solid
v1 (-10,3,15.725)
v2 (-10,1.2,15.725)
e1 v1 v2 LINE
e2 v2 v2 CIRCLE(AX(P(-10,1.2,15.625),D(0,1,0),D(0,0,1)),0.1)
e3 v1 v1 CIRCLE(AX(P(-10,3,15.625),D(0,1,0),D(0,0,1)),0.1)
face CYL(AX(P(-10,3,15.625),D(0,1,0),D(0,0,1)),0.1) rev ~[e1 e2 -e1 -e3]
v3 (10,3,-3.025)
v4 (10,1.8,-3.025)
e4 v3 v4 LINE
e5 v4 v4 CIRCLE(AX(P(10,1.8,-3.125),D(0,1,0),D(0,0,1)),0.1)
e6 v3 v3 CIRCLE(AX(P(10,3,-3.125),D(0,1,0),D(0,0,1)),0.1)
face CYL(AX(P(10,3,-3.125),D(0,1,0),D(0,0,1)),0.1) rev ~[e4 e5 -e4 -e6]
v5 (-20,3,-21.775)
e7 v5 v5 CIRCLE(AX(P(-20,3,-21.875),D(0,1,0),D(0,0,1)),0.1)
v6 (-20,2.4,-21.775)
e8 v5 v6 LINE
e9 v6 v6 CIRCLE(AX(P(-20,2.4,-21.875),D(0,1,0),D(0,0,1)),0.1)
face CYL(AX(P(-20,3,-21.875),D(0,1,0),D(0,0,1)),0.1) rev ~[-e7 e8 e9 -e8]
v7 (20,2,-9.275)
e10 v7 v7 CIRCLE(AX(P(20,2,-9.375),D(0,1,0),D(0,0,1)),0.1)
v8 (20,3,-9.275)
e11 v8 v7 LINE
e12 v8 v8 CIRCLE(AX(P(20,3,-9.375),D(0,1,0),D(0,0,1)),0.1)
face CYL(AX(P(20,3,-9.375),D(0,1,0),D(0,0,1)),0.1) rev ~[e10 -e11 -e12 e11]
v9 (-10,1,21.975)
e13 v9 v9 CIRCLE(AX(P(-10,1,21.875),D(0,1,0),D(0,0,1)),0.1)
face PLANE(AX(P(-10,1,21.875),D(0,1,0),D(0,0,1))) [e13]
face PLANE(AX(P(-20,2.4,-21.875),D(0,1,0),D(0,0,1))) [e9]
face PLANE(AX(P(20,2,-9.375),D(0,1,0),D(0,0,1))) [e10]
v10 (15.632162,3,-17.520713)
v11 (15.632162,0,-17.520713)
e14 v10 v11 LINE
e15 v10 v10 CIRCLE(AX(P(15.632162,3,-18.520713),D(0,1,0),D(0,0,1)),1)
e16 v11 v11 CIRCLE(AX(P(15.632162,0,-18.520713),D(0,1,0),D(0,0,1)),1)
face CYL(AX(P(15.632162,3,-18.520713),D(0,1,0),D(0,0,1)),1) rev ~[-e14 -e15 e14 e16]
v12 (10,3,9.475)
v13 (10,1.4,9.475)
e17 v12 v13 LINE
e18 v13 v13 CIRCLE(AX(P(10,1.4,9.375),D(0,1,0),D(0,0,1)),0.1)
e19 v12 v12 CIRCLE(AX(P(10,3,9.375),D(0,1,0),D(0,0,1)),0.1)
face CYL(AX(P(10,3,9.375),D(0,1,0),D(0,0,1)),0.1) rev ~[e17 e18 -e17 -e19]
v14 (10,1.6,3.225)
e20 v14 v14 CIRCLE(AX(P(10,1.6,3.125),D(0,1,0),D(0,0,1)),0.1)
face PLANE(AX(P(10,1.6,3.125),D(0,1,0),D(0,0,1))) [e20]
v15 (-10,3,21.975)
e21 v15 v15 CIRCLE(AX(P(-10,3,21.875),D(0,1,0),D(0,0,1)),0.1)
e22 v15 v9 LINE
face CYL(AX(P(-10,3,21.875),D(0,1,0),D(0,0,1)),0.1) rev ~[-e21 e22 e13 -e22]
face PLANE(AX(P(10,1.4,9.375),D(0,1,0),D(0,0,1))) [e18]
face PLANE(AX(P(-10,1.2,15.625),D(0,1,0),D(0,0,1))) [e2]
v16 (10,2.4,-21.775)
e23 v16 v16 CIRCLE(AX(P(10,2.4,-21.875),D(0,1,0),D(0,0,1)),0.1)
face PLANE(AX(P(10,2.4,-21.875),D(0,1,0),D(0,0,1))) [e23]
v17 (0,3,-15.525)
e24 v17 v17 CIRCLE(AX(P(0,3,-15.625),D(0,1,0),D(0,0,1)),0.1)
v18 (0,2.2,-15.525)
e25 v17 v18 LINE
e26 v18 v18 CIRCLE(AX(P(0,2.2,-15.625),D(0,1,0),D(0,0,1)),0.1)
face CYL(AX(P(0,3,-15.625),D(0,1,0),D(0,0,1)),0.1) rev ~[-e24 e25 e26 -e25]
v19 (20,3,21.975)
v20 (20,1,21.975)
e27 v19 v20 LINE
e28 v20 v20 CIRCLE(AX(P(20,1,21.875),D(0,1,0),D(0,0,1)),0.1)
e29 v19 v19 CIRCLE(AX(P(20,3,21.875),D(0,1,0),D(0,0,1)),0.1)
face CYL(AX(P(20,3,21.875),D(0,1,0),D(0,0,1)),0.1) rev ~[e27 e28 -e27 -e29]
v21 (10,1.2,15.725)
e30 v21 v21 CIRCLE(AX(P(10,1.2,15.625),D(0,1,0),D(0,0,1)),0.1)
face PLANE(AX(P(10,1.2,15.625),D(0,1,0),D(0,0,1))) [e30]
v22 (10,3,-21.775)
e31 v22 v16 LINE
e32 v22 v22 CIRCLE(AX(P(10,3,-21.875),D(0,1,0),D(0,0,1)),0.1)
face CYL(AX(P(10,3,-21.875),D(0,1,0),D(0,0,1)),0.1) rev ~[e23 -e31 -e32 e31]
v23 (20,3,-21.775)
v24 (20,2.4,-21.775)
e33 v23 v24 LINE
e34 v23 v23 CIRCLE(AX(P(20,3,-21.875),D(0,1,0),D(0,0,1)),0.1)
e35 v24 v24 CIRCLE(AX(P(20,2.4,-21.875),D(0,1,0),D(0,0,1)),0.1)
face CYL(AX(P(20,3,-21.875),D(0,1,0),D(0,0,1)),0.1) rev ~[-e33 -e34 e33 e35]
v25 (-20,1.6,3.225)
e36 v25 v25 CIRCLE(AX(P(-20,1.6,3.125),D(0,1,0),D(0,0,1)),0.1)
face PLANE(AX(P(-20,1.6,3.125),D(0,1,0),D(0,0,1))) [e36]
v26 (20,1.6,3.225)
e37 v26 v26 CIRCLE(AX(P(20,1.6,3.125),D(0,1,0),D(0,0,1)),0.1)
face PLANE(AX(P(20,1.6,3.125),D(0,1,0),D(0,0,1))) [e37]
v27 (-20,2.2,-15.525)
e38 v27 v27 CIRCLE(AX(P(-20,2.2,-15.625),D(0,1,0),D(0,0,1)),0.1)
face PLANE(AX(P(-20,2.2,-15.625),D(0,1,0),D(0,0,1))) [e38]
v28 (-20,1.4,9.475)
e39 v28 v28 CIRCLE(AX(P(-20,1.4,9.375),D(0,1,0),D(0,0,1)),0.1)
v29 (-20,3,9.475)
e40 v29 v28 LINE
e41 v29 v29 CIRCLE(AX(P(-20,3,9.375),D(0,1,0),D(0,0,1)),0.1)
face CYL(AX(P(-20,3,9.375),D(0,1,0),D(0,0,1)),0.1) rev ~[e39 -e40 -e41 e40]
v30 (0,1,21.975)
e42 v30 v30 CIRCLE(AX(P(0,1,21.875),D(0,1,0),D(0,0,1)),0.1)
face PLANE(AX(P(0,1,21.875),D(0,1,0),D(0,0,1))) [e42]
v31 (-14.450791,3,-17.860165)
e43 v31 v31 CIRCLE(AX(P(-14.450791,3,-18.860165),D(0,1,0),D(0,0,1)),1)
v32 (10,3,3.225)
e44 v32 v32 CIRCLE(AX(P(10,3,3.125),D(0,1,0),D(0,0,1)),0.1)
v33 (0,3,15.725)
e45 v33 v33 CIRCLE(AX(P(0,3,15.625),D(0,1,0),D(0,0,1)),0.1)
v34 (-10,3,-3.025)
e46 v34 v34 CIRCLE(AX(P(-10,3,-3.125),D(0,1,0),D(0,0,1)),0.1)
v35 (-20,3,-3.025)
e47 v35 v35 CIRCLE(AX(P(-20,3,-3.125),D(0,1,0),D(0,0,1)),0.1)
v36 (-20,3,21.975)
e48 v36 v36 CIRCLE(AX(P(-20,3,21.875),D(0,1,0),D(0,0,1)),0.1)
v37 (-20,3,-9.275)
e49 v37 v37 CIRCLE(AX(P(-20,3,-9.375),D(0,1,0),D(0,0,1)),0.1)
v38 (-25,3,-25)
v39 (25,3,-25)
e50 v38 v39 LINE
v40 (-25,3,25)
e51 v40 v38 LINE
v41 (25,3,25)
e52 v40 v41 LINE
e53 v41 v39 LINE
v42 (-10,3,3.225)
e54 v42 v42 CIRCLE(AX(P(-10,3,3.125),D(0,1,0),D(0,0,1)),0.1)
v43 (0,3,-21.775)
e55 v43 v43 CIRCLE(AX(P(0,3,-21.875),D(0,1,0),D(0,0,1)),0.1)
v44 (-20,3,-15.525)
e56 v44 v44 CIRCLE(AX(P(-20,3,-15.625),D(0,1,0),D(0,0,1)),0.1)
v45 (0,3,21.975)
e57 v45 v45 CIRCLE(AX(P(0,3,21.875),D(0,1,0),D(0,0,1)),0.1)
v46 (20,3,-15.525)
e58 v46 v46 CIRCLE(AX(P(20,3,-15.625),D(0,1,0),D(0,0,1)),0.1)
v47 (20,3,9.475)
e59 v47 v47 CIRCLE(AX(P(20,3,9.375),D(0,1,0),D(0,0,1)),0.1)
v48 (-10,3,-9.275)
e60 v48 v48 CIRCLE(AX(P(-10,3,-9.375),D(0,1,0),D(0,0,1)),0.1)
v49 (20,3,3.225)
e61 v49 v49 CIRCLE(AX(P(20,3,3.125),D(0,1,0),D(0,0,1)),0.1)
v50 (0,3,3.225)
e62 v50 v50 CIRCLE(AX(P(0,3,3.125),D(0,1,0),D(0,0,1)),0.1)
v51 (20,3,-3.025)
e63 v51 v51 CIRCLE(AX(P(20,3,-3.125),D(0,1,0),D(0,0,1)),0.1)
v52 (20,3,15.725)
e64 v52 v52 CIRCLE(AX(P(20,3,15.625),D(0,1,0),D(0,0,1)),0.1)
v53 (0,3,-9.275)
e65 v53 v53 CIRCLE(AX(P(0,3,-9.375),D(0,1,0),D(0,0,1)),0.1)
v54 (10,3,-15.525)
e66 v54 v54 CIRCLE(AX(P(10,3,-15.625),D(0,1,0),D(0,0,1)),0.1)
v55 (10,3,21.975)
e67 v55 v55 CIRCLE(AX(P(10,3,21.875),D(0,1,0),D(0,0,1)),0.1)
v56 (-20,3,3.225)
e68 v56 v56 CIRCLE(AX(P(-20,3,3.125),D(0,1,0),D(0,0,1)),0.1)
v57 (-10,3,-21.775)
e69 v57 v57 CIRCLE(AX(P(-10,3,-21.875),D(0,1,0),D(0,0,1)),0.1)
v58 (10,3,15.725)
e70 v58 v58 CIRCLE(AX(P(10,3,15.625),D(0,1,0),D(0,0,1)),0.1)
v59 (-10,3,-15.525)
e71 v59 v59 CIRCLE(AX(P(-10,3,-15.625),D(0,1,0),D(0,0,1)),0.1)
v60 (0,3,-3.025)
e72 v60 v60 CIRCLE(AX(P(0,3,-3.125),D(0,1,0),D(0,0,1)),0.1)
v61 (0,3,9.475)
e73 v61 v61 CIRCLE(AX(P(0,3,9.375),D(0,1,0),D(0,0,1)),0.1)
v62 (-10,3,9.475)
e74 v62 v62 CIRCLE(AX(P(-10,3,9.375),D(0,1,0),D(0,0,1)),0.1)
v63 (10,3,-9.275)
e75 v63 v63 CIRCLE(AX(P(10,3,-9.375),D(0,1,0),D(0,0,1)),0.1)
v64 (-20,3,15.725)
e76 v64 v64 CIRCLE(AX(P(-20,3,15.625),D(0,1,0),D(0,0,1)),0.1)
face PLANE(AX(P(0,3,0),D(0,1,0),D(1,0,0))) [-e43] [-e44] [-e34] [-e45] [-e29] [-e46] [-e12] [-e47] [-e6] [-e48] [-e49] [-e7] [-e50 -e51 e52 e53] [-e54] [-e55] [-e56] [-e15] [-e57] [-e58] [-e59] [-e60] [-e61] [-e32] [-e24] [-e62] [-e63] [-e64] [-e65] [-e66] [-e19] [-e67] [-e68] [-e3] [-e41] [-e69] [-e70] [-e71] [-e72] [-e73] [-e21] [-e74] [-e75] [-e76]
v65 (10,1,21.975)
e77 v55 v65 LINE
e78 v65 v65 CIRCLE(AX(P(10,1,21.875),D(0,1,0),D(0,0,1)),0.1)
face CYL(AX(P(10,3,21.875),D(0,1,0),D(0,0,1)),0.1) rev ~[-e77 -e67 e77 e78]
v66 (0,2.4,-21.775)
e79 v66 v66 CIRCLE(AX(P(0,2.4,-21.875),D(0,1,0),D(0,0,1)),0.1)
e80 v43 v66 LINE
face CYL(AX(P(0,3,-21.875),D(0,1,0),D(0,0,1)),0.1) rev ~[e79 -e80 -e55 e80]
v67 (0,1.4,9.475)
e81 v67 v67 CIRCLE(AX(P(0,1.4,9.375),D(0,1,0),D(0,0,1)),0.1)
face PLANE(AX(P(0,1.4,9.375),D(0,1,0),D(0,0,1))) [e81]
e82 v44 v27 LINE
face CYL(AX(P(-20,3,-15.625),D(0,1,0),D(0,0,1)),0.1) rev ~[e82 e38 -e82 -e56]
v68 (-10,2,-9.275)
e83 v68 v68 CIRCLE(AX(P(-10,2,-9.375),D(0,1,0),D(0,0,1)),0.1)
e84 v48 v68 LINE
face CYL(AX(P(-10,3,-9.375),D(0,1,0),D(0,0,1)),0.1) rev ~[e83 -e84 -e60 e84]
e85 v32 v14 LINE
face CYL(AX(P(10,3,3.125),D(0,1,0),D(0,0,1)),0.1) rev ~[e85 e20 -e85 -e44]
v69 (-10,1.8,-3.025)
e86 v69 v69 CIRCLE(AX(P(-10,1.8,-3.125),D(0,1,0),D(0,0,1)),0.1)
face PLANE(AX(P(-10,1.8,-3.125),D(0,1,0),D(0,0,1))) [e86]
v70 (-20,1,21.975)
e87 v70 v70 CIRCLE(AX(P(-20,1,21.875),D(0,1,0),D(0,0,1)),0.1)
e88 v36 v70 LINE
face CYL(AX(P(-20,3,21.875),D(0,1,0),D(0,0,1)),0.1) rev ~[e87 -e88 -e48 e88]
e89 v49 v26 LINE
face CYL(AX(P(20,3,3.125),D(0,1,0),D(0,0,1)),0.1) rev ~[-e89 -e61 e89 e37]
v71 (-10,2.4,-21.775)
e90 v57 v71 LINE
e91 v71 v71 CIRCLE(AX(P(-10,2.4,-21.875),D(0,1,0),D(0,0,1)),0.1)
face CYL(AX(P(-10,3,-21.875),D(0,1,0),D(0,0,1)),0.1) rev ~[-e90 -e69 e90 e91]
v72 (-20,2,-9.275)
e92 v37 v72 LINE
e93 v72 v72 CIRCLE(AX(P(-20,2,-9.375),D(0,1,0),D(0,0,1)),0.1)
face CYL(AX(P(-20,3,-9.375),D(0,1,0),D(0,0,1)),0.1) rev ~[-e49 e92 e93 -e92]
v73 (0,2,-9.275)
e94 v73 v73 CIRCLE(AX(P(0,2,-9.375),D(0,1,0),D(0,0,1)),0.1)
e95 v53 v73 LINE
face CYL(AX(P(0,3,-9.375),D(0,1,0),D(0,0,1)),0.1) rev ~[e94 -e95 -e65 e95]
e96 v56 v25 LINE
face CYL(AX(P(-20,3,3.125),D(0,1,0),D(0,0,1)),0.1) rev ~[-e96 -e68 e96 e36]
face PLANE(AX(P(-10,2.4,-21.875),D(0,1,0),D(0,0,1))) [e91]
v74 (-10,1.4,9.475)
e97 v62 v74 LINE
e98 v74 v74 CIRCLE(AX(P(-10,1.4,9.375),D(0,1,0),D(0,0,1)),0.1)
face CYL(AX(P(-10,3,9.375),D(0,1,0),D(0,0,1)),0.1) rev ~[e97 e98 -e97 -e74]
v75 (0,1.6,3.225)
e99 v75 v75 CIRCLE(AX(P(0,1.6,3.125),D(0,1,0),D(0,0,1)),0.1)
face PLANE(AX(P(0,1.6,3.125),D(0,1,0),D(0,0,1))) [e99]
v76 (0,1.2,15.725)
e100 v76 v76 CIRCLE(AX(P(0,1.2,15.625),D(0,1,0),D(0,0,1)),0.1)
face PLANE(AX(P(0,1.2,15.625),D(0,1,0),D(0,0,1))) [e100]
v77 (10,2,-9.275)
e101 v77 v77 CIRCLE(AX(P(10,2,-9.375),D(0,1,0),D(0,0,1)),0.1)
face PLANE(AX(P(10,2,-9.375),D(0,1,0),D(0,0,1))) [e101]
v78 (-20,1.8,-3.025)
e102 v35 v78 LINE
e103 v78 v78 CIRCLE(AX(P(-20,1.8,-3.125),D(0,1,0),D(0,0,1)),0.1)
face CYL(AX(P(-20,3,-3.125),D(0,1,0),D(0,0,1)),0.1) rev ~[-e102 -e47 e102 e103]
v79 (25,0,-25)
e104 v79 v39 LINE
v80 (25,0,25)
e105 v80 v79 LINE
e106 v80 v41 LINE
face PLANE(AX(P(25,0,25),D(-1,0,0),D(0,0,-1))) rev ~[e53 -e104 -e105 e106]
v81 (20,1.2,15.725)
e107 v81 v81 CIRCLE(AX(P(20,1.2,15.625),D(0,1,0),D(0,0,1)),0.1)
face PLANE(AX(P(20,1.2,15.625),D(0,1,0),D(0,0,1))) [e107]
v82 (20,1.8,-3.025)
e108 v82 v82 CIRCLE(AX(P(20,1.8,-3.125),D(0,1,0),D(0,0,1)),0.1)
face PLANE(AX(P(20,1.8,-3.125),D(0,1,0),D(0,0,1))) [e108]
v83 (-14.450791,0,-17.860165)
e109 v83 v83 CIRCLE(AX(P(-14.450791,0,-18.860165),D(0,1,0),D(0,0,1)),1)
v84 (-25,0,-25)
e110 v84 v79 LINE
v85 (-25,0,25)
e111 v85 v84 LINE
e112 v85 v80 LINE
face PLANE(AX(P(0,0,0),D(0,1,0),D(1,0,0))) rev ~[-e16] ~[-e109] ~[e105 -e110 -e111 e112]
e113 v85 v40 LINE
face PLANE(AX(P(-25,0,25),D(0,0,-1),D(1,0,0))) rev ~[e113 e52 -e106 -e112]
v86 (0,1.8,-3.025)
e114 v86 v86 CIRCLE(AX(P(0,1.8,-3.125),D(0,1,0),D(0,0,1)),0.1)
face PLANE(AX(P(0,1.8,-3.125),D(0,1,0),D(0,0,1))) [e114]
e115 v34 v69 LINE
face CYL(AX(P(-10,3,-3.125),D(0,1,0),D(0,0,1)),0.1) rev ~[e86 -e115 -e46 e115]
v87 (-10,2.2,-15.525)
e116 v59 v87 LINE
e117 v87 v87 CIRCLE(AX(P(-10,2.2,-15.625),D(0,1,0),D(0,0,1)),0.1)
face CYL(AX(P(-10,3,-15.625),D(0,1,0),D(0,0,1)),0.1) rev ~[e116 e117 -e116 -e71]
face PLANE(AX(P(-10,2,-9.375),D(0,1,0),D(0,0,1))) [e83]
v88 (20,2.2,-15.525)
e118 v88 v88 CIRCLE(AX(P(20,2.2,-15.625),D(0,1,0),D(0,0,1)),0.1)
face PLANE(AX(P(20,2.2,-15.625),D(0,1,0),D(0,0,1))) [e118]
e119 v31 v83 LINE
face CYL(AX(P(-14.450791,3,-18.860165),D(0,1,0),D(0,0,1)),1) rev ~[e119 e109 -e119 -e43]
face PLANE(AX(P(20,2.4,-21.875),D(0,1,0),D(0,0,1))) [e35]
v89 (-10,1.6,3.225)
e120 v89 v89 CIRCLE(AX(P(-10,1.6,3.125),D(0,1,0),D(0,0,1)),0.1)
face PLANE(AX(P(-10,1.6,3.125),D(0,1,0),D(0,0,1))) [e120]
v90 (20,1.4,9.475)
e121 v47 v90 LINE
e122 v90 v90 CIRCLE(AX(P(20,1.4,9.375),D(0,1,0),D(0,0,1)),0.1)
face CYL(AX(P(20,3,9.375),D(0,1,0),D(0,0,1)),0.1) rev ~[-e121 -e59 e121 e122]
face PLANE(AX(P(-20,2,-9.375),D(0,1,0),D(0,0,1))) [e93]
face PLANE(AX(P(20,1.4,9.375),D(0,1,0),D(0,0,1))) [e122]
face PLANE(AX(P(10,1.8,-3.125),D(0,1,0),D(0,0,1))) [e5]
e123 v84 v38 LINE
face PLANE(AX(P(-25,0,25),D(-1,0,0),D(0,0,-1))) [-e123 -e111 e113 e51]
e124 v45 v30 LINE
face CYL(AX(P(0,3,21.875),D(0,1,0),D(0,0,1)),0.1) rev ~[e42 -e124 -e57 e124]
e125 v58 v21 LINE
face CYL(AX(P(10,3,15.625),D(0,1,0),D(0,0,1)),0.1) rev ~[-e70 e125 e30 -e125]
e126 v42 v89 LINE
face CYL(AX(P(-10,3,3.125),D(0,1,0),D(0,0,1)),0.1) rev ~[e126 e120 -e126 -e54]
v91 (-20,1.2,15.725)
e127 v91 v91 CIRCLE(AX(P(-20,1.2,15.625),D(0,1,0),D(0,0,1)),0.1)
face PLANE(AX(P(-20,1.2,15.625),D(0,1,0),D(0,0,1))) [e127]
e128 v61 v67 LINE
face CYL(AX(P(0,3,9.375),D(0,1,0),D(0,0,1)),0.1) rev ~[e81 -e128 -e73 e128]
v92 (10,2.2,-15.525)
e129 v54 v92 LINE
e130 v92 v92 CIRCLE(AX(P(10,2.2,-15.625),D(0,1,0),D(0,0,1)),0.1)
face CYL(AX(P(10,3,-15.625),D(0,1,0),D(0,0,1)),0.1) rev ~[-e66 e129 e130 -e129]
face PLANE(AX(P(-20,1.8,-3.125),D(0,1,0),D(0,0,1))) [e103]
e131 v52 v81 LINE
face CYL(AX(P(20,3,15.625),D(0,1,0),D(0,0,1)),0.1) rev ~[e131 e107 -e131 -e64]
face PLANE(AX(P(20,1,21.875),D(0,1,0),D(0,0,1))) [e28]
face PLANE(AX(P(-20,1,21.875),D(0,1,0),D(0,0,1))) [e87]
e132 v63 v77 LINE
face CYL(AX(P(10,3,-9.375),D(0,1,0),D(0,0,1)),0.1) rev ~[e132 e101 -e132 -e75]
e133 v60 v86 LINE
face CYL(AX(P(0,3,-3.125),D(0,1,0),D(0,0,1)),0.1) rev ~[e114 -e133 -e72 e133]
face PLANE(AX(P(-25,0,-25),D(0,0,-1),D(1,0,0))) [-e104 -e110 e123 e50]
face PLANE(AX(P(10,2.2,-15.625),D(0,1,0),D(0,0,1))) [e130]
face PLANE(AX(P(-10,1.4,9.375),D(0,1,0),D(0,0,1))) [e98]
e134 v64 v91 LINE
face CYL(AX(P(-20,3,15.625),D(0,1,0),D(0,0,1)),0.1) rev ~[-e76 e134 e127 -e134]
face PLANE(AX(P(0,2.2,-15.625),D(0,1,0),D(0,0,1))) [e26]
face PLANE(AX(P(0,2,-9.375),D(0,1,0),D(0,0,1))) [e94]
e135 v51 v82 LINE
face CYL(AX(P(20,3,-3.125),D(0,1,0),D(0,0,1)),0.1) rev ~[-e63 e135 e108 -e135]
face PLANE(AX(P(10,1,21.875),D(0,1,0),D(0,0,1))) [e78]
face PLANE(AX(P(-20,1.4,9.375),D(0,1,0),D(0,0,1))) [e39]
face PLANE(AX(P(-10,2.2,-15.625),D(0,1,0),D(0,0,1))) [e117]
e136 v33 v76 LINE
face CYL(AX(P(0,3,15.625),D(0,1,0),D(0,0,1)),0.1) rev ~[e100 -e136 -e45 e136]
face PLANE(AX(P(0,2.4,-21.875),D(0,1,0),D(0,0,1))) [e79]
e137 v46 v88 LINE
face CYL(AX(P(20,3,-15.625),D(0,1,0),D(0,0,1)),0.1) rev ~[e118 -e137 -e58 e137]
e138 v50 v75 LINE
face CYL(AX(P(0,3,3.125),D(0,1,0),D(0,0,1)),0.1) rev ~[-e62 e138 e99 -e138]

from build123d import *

# Parameters (mm, degrees)
SKETCH_1_W              = 50
SKETCH_1_H              = 50
EXTRUDE_1_DEPTH         = 3
SKETCH_2_R              = 0.1
CUT_EXTRUDE_5_DEPTH     = 0.6
PATTERN_LINEAR_6_COUNT  = 5
PATTERN_LINEAR_6_PITCH  = 10
SKETCH_6_R              = 0.1
CUT_EXTRUDE_6_DEPTH     = 0.8
PATTERN_LINEAR_7_COUNT  = 5
PATTERN_LINEAR_7_PITCH  = 10
SKETCH_7_R              = 0.1
CUT_EXTRUDE_7_DEPTH     = 1
PATTERN_LINEAR_8_COUNT  = 5
PATTERN_LINEAR_8_PITCH  = 10
SKETCH_8_R              = 0.1
CUT_EXTRUDE_8_DEPTH     = 1.2
PATTERN_LINEAR_9_COUNT  = 5
PATTERN_LINEAR_9_PITCH  = 10
SKETCH_9_R              = 0.1
CUT_EXTRUDE_9_DEPTH     = 1.4
PATTERN_LINEAR_10_COUNT = 5
PATTERN_LINEAR_10_PITCH = 10
SKETCH_10_R             = 0.1
CUT_EXTRUDE_10_DEPTH    = 1.6
PATTERN_LINEAR_11_COUNT = 5
PATTERN_LINEAR_11_PITCH = 10
SKETCH_11_R             = 0.1
CUT_EXTRUDE_11_DEPTH    = 1.8
PATTERN_LINEAR_12_COUNT = 5
PATTERN_LINEAR_12_PITCH = 10
SKETCH_12_R             = 0.1
CUT_EXTRUDE_12_DEPTH    = 2
PATTERN_LINEAR_13_COUNT = 5
PATTERN_LINEAR_13_PITCH = 10
SKETCH_13_R             = 1
CUT_EXTRUDE_13_DEPTH    = 36.482389998
SKETCH_14_R             = 1
CUT_EXTRUDE_14_DEPTH    = 36.482389998


with BuildPart() as part:
    # 草图1 → 凸台-拉伸1 (new body)
    with BuildSketch(Plane(origin=(0, 0, 0), x_dir=(1, 0, 0), z_dir=(0, 1, 0))):
        Rectangle(SKETCH_1_W, SKETCH_1_H)
    extrude(amount=EXTRUDE_1_DEPTH)

    # 草图2 → 切除-拉伸5 (cut)
    with BuildSketch(Plane(origin=(0, 3, 0), x_dir=(1, 0, 0), z_dir=(0, 1, 0))):
        with Locations(Location((-20, 21.875, 0), (0, 0, 270))):
            Circle(SKETCH_2_R)
    cut_extrude_5 = extrude(amount=-CUT_EXTRUDE_5_DEPTH, mode=Mode.SUBTRACT)

    # 阵列(线性)6: 切除-拉伸5 ×5
    with Locations(*[(i * PATTERN_LINEAR_6_PITCH, 0, 0) for i in range(1, PATTERN_LINEAR_6_COUNT)]):
        add(cut_extrude_5, mode=Mode.SUBTRACT)

    # 草图6 → 切除-拉伸6 (cut)
    with BuildSketch(Plane(origin=(0, 3, 0), x_dir=(1, 0, 0), z_dir=(0, 1, 0))):
        with Locations(Location((-20, 15.625, 0), (0, 0, 270))):
            Circle(SKETCH_6_R)
    cut_extrude_6 = extrude(amount=-CUT_EXTRUDE_6_DEPTH, mode=Mode.SUBTRACT)

    # 阵列(线性)7: 切除-拉伸6 ×5
    with Locations(*[(i * PATTERN_LINEAR_7_PITCH, 0, 0) for i in range(1, PATTERN_LINEAR_7_COUNT)]):
        add(cut_extrude_6, mode=Mode.SUBTRACT)

    # 草图7 → 切除-拉伸7 (cut)
    with BuildSketch(Plane(origin=(0, 3, 0), x_dir=(1, 0, 0), z_dir=(0, 1, 0))):
        with Locations(Location((-20, 9.375, 0), (0, 0, 270))):
            Circle(SKETCH_7_R)
    cut_extrude_7 = extrude(amount=-CUT_EXTRUDE_7_DEPTH, mode=Mode.SUBTRACT)

    # 阵列(线性)8: 切除-拉伸7 ×5
    with Locations(*[(i * PATTERN_LINEAR_8_PITCH, 0, 0) for i in range(1, PATTERN_LINEAR_8_COUNT)]):
        add(cut_extrude_7, mode=Mode.SUBTRACT)

    # 草图8 → 切除-拉伸8 (cut)
    with BuildSketch(Plane(origin=(0, 3, 0), x_dir=(1, 0, 0), z_dir=(0, 1, 0))):
        with Locations(Location((-20, 3.125, 0), (0, 0, 270))):
            Circle(SKETCH_8_R)
    cut_extrude_8 = extrude(amount=-CUT_EXTRUDE_8_DEPTH, mode=Mode.SUBTRACT)

    # 阵列(线性)9: 切除-拉伸8 ×5
    with Locations(*[(i * PATTERN_LINEAR_9_PITCH, 0, 0) for i in range(1, PATTERN_LINEAR_9_COUNT)]):
        add(cut_extrude_8, mode=Mode.SUBTRACT)

    # 草图9 → 切除-拉伸9 (cut)
    with BuildSketch(Plane(origin=(0, 3, 0), x_dir=(1, 0, 0), z_dir=(0, 1, 0))):
        with Locations(Location((-20, -3.125, 0), (0, 0, 270))):
            Circle(SKETCH_9_R)
    cut_extrude_9 = extrude(amount=-CUT_EXTRUDE_9_DEPTH, mode=Mode.SUBTRACT)

    # 阵列(线性)10: 切除-拉伸9 ×5
    with Locations(*[(i * PATTERN_LINEAR_10_PITCH, 0, 0) for i in range(1, PATTERN_LINEAR_10_COUNT)]):
        add(cut_extrude_9, mode=Mode.SUBTRACT)

    # 草图10 → 切除-拉伸10 (cut)
    with BuildSketch(Plane(origin=(0, 3, 0), x_dir=(1, 0, 0), z_dir=(0, 1, 0))):
        with Locations(Location((-20, -9.375, 0), (0, 0, 270))):
            Circle(SKETCH_10_R)
    cut_extrude_10 = extrude(amount=-CUT_EXTRUDE_10_DEPTH, mode=Mode.SUBTRACT)

    # 阵列(线性)11: 切除-拉伸10 ×5
    with Locations(*[(i * PATTERN_LINEAR_11_PITCH, 0, 0) for i in range(1, PATTERN_LINEAR_11_COUNT)]):
        add(cut_extrude_10, mode=Mode.SUBTRACT)

    # 草图11 → 切除-拉伸11 (cut)
    with BuildSketch(Plane(origin=(0, 3, 0), x_dir=(1, 0, 0), z_dir=(0, 1, 0))):
        with Locations(Location((-20, -15.625, 0), (0, 0, 270))):
            Circle(SKETCH_11_R)
    cut_extrude_11 = extrude(amount=-CUT_EXTRUDE_11_DEPTH, mode=Mode.SUBTRACT)

    # 阵列(线性)12: 切除-拉伸11 ×5
    with Locations(*[(i * PATTERN_LINEAR_12_PITCH, 0, 0) for i in range(1, PATTERN_LINEAR_12_COUNT)]):
        add(cut_extrude_11, mode=Mode.SUBTRACT)

    # 草图12 → 切除-拉伸12 (cut)
    with BuildSketch(Plane(origin=(0, 3, 0), x_dir=(1, 0, 0), z_dir=(0, 1, 0))):
        with Locations(Location((-20, -21.875, 0), (0, 0, 270))):
            Circle(SKETCH_12_R)
    cut_extrude_12 = extrude(amount=-CUT_EXTRUDE_12_DEPTH, mode=Mode.SUBTRACT)

    # 阵列(线性)13: 切除-拉伸12 ×5
    with Locations(*[(i * PATTERN_LINEAR_13_PITCH, 0, 0) for i in range(1, PATTERN_LINEAR_13_COUNT)]):
        add(cut_extrude_12, mode=Mode.SUBTRACT)

    # 草图13 → 切除-拉伸13 (cut, through all)
    with BuildSketch(Plane(origin=(0, 3, 0), x_dir=(1, 0, 0), z_dir=(0, 1, 0))):
        with Locations(Location((-14.45079135, 18.860165377, 0), (0, 0, 270))):
            Circle(SKETCH_13_R)
    extrude(amount=-CUT_EXTRUDE_13_DEPTH, mode=Mode.SUBTRACT)

    # 草图14 → 切除-拉伸14 (cut, through all)
    with BuildSketch(Plane(origin=(0, 3, 0), x_dir=(1, 0, 0), z_dir=(0, 1, 0))):
        with Locations(Location((15.632161643, 18.520713251, 0), (0, 0, 270))):
            Circle(SKETCH_14_R)
    extrude(amount=-CUT_EXTRUDE_14_DEPTH, mode=Mode.SUBTRACT)


solid = part.part
